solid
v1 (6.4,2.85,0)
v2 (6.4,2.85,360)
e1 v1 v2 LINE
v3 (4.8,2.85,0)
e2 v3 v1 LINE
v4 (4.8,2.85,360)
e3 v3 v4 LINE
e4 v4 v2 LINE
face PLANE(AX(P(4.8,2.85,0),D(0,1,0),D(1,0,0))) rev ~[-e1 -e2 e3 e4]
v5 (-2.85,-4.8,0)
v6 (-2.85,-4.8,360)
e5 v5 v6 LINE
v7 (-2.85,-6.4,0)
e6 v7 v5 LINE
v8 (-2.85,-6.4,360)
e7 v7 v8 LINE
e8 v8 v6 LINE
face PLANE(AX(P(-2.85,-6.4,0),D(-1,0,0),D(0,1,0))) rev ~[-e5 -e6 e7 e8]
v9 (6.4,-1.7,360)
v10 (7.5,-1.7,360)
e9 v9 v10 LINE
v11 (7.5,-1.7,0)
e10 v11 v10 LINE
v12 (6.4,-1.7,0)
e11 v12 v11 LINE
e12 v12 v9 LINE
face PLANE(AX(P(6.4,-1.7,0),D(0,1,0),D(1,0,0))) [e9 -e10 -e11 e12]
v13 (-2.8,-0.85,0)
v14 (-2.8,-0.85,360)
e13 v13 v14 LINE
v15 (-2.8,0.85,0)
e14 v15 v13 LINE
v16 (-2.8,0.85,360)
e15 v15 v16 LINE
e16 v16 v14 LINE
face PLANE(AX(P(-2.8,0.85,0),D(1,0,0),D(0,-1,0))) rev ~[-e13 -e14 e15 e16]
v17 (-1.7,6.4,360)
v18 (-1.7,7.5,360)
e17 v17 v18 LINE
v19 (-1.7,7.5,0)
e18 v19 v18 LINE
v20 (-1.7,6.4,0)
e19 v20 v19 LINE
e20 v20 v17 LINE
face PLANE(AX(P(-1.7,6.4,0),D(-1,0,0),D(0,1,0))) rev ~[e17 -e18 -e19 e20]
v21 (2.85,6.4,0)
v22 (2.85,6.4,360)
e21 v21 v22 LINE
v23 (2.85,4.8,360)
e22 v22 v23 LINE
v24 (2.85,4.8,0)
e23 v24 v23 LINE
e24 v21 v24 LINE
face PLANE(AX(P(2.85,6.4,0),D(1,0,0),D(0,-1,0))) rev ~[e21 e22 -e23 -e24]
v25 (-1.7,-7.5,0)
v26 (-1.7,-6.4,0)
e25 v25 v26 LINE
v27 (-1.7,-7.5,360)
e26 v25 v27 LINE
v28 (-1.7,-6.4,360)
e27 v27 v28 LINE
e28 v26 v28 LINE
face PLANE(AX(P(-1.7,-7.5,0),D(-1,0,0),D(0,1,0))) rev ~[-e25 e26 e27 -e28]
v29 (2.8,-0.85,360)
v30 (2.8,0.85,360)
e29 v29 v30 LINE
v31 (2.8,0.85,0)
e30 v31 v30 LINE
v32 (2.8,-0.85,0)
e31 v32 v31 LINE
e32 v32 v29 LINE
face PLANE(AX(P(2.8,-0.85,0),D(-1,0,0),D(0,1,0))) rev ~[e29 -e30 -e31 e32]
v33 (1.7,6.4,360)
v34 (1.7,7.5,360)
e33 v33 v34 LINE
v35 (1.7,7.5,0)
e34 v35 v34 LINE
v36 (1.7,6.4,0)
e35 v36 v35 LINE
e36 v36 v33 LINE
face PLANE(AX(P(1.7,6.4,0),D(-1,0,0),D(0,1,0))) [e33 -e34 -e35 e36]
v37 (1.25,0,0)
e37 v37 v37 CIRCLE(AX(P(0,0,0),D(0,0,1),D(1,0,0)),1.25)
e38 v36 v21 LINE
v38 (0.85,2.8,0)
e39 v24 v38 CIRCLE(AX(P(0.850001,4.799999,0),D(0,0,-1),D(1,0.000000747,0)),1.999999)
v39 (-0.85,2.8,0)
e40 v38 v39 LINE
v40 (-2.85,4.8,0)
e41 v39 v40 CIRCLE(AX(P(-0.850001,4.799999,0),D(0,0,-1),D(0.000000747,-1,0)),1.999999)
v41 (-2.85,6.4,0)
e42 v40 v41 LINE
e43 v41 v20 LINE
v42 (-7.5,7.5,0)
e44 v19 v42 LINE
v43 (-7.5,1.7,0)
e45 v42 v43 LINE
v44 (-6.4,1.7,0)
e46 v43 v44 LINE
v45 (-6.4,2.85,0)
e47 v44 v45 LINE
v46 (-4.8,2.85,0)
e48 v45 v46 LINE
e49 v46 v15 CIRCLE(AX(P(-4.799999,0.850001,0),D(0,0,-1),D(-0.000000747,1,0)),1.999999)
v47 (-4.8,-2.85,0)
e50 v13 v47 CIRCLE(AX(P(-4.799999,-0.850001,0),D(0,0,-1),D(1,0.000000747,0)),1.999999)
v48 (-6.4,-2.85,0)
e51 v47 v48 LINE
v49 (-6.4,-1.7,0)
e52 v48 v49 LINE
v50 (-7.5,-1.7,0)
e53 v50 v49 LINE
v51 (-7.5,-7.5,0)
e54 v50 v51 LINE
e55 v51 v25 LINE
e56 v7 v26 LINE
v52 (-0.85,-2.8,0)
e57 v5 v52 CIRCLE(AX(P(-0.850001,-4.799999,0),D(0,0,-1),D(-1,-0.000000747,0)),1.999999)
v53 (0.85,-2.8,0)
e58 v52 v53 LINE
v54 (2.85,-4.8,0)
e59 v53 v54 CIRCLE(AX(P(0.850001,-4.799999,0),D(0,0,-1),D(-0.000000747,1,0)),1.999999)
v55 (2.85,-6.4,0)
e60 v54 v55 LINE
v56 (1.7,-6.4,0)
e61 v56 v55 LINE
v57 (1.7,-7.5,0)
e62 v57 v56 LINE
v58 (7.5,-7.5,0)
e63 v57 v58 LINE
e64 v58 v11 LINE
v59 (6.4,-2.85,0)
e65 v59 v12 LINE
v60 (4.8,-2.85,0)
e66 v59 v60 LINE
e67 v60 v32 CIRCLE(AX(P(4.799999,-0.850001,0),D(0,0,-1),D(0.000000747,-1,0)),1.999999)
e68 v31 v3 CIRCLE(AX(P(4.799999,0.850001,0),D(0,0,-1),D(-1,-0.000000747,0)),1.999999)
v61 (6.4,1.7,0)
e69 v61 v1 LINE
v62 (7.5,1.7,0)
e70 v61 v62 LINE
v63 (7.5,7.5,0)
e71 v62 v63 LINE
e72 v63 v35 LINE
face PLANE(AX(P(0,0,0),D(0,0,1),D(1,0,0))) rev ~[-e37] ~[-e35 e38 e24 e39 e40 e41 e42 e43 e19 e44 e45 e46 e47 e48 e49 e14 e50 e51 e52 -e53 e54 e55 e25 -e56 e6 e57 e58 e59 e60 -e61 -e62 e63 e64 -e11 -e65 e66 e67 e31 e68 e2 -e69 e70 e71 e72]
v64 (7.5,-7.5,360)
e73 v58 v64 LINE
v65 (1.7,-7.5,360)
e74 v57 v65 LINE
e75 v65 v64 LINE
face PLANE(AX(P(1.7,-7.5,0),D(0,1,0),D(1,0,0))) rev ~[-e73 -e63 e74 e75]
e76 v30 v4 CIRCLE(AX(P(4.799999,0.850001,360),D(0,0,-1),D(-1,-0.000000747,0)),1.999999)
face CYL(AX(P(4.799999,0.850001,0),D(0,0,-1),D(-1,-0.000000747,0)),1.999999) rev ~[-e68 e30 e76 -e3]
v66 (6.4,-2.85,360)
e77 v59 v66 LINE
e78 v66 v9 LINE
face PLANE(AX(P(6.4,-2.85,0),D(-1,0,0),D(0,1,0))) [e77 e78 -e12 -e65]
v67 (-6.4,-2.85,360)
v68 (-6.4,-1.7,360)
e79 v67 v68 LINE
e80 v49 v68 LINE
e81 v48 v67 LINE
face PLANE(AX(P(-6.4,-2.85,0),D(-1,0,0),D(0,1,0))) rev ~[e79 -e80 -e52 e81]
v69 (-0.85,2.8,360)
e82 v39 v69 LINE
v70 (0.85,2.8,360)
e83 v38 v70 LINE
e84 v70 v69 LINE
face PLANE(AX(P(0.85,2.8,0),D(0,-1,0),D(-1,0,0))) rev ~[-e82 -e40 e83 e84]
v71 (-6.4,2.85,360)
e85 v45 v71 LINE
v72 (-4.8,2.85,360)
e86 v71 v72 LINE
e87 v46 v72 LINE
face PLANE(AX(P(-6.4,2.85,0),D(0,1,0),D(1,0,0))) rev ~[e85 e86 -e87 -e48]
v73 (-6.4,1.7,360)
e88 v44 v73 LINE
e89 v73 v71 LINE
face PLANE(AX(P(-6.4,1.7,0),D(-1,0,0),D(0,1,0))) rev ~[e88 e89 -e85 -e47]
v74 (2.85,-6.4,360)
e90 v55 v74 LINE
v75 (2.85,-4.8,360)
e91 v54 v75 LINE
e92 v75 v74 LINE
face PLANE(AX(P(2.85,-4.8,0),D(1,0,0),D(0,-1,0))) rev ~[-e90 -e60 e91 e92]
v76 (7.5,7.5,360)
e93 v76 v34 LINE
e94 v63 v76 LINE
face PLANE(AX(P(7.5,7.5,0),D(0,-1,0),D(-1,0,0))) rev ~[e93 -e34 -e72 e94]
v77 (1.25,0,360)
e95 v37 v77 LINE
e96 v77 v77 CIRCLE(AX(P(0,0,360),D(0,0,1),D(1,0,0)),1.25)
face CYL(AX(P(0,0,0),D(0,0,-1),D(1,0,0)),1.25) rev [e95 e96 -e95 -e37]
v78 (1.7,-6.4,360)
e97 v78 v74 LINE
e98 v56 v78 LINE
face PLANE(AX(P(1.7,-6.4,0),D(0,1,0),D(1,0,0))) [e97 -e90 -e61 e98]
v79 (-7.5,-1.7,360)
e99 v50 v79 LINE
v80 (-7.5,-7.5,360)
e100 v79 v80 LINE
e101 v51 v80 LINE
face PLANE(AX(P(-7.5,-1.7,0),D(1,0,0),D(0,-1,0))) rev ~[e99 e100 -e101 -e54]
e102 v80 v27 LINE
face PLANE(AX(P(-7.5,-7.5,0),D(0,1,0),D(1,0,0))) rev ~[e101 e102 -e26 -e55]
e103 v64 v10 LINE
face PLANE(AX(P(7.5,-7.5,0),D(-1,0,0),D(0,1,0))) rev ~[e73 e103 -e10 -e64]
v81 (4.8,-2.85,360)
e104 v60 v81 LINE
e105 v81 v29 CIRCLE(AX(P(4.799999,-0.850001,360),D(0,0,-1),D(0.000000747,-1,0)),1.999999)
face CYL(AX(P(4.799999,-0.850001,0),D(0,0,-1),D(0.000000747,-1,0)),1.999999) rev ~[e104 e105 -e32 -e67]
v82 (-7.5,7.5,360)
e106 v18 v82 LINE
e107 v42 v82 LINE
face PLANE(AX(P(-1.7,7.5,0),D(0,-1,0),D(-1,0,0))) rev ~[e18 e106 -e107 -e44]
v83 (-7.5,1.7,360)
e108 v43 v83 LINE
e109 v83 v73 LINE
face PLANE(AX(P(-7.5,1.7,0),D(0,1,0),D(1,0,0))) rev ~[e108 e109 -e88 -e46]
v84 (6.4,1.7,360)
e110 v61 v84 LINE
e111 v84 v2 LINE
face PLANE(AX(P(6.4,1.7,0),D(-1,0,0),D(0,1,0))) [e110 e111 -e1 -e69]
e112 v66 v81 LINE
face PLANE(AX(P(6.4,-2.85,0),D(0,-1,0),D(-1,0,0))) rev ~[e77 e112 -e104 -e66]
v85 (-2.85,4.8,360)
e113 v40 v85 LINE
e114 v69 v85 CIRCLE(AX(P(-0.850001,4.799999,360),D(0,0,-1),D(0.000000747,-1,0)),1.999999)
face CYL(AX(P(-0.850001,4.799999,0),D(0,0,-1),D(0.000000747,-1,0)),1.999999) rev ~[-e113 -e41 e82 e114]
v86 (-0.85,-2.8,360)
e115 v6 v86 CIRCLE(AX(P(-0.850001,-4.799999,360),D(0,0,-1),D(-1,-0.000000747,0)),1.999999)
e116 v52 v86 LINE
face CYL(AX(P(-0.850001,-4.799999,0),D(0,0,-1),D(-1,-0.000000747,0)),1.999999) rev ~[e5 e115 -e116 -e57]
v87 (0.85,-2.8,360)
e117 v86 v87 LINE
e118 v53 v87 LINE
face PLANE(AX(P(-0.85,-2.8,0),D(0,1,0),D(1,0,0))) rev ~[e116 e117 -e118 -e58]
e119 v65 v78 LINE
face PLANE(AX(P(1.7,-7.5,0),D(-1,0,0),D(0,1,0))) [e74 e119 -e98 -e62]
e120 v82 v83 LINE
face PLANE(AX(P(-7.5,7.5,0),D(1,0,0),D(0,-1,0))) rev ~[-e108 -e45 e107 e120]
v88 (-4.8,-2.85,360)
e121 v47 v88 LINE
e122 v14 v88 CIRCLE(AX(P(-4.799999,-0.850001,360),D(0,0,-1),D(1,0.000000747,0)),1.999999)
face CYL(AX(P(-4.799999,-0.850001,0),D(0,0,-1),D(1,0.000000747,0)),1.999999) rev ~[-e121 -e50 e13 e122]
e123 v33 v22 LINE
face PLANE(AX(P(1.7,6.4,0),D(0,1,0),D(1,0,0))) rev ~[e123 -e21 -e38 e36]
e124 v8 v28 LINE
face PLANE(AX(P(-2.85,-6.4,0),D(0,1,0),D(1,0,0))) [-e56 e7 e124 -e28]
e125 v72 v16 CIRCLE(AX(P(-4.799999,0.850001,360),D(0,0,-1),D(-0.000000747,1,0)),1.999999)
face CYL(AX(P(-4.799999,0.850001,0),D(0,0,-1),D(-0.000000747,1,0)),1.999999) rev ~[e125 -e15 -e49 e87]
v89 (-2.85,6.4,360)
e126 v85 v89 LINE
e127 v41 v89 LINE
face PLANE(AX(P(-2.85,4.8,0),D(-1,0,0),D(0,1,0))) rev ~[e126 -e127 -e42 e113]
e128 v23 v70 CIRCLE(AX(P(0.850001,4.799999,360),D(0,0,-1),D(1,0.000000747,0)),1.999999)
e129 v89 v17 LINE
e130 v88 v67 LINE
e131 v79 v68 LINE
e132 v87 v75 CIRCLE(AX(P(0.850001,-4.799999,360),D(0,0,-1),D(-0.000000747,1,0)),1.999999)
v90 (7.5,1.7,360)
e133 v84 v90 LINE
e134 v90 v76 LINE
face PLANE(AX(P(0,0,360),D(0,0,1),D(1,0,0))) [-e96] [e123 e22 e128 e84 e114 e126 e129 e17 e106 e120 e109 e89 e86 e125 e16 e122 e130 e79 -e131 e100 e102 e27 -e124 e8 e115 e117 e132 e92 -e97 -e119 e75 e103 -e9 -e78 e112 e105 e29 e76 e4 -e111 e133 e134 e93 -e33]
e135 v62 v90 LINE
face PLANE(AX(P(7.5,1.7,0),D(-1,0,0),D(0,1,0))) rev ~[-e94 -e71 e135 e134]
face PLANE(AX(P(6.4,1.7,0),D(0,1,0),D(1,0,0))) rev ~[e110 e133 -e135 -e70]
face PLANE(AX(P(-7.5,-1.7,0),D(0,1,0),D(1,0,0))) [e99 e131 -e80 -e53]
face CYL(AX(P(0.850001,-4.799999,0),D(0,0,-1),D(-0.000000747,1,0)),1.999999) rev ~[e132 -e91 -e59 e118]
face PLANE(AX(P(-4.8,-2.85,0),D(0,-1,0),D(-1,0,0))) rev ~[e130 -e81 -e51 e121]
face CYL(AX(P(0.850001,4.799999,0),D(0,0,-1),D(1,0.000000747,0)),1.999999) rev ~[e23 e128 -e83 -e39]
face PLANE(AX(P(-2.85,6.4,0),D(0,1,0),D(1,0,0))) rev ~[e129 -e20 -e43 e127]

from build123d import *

# Parameters (mm, degrees)
F0_R     = 1.25
F0_W     = 1.1
F0_H     = 1.15
F0_W_2   = 1.15
F0_H_2   = 1.1
F1_DEPTH = 360


with BuildPart() as f1:
    # F0 (on Top) → F1 (new body)
    with BuildSketch(Plane.XY):
        with BuildLine():
            Line((-2.85, 7.5), (-7.5, 7.5))
            Line((-7.5, 7.5), (-7.5, 2.85))
            Line((-7.5, 2.85), (-6.4, 2.85))
            Line((-6.4, 2.85), (-4.8, 2.85))
            ThreePointArc((-4.8, 2.85), (-3.385786, 2.264214), (-2.8, 0.85))
            Line((-2.8, 0.85), (-2.8, -0.85))
            ThreePointArc((-2.8, -0.85), (-3.385786, -2.264214), (-4.8, -2.85))
            Line((-4.8, -2.85), (-6.4, -2.85))
            Line((-6.4, -2.85), (-7.5, -2.85))
            Line((-7.5, -2.85), (-7.5, -7.5))
            Line((-7.5, -7.5), (-2.85, -7.5))
            Line((-2.85, -7.5), (-2.85, -6.4))
            Line((-2.85, -6.4), (-2.85, -4.8))
            ThreePointArc((-2.85, -4.8), (-2.264214, -3.385786), (-0.85, -2.8))
            Line((-0.85, -2.8), (0.85, -2.8))
            ThreePointArc((0.85, -2.8), (2.264214, -3.385786), (2.85, -4.8))
            Line((2.85, -4.8), (2.85, -6.4))
            Line((2.85, -6.4), (2.85, -7.5))
            Line((2.85, -7.5), (7.5, -7.5))
            Line((7.5, -7.5), (7.5, -2.85))
            Line((7.5, -2.85), (6.4, -2.85))
            Line((6.4, -2.85), (4.8, -2.85))
            ThreePointArc((4.8, -2.85), (3.385786, -2.264214), (2.8, -0.85))
            Line((2.8, -0.85), (2.8, 0.85))
            ThreePointArc((2.8, 0.85), (3.385786, 2.264214), (4.8, 2.85))
            Line((4.8, 2.85), (6.4, 2.85))
            Line((6.4, 2.85), (7.5, 2.85))
            Line((7.5, 2.85), (7.5, 7.5))
            Line((7.5, 7.5), (2.85, 7.5))
            Line((2.85, 7.5), (2.85, 6.4))
            Line((2.85, 6.4), (2.85, 4.8))
            ThreePointArc((2.85, 4.8), (2.264214, 3.385786), (0.85, 2.8))
            Line((0.85, 2.8), (-0.85, 2.8))
            ThreePointArc((-0.85, 2.8), (-2.264214, 3.385786), (-2.85, 4.8))
            Line((-2.85, 4.8), (-2.85, 6.4))
            Line((-2.85, 6.4), (-2.85, 7.5))
        make_face()
        Circle(F0_R, mode=Mode.SUBTRACT)
        with Locations((-6.95, 2.275)):
            Rectangle(F0_W, F0_H)
        with Locations((-6.95, -2.275)):
            Rectangle(F0_W, F0_H)
        with Locations((-2.275, 6.95)):
            Rectangle(F0_W_2, F0_H_2)
        with Locations((2.275, 6.95)):
            Rectangle(F0_W_2, F0_H_2)
        with Locations((6.95, 2.275)):
            Rectangle(F0_W, F0_H)
        with Locations((6.95, -2.275)):
            Rectangle(F0_W, F0_H)
        with Locations((-2.275, -6.95)):
            Rectangle(F0_W_2, F0_H_2)
        with Locations((2.275, -6.95)):
            Rectangle(F0_W_2, F0_H_2)
    extrude(amount=F1_DEPTH)


solid = f1.part
